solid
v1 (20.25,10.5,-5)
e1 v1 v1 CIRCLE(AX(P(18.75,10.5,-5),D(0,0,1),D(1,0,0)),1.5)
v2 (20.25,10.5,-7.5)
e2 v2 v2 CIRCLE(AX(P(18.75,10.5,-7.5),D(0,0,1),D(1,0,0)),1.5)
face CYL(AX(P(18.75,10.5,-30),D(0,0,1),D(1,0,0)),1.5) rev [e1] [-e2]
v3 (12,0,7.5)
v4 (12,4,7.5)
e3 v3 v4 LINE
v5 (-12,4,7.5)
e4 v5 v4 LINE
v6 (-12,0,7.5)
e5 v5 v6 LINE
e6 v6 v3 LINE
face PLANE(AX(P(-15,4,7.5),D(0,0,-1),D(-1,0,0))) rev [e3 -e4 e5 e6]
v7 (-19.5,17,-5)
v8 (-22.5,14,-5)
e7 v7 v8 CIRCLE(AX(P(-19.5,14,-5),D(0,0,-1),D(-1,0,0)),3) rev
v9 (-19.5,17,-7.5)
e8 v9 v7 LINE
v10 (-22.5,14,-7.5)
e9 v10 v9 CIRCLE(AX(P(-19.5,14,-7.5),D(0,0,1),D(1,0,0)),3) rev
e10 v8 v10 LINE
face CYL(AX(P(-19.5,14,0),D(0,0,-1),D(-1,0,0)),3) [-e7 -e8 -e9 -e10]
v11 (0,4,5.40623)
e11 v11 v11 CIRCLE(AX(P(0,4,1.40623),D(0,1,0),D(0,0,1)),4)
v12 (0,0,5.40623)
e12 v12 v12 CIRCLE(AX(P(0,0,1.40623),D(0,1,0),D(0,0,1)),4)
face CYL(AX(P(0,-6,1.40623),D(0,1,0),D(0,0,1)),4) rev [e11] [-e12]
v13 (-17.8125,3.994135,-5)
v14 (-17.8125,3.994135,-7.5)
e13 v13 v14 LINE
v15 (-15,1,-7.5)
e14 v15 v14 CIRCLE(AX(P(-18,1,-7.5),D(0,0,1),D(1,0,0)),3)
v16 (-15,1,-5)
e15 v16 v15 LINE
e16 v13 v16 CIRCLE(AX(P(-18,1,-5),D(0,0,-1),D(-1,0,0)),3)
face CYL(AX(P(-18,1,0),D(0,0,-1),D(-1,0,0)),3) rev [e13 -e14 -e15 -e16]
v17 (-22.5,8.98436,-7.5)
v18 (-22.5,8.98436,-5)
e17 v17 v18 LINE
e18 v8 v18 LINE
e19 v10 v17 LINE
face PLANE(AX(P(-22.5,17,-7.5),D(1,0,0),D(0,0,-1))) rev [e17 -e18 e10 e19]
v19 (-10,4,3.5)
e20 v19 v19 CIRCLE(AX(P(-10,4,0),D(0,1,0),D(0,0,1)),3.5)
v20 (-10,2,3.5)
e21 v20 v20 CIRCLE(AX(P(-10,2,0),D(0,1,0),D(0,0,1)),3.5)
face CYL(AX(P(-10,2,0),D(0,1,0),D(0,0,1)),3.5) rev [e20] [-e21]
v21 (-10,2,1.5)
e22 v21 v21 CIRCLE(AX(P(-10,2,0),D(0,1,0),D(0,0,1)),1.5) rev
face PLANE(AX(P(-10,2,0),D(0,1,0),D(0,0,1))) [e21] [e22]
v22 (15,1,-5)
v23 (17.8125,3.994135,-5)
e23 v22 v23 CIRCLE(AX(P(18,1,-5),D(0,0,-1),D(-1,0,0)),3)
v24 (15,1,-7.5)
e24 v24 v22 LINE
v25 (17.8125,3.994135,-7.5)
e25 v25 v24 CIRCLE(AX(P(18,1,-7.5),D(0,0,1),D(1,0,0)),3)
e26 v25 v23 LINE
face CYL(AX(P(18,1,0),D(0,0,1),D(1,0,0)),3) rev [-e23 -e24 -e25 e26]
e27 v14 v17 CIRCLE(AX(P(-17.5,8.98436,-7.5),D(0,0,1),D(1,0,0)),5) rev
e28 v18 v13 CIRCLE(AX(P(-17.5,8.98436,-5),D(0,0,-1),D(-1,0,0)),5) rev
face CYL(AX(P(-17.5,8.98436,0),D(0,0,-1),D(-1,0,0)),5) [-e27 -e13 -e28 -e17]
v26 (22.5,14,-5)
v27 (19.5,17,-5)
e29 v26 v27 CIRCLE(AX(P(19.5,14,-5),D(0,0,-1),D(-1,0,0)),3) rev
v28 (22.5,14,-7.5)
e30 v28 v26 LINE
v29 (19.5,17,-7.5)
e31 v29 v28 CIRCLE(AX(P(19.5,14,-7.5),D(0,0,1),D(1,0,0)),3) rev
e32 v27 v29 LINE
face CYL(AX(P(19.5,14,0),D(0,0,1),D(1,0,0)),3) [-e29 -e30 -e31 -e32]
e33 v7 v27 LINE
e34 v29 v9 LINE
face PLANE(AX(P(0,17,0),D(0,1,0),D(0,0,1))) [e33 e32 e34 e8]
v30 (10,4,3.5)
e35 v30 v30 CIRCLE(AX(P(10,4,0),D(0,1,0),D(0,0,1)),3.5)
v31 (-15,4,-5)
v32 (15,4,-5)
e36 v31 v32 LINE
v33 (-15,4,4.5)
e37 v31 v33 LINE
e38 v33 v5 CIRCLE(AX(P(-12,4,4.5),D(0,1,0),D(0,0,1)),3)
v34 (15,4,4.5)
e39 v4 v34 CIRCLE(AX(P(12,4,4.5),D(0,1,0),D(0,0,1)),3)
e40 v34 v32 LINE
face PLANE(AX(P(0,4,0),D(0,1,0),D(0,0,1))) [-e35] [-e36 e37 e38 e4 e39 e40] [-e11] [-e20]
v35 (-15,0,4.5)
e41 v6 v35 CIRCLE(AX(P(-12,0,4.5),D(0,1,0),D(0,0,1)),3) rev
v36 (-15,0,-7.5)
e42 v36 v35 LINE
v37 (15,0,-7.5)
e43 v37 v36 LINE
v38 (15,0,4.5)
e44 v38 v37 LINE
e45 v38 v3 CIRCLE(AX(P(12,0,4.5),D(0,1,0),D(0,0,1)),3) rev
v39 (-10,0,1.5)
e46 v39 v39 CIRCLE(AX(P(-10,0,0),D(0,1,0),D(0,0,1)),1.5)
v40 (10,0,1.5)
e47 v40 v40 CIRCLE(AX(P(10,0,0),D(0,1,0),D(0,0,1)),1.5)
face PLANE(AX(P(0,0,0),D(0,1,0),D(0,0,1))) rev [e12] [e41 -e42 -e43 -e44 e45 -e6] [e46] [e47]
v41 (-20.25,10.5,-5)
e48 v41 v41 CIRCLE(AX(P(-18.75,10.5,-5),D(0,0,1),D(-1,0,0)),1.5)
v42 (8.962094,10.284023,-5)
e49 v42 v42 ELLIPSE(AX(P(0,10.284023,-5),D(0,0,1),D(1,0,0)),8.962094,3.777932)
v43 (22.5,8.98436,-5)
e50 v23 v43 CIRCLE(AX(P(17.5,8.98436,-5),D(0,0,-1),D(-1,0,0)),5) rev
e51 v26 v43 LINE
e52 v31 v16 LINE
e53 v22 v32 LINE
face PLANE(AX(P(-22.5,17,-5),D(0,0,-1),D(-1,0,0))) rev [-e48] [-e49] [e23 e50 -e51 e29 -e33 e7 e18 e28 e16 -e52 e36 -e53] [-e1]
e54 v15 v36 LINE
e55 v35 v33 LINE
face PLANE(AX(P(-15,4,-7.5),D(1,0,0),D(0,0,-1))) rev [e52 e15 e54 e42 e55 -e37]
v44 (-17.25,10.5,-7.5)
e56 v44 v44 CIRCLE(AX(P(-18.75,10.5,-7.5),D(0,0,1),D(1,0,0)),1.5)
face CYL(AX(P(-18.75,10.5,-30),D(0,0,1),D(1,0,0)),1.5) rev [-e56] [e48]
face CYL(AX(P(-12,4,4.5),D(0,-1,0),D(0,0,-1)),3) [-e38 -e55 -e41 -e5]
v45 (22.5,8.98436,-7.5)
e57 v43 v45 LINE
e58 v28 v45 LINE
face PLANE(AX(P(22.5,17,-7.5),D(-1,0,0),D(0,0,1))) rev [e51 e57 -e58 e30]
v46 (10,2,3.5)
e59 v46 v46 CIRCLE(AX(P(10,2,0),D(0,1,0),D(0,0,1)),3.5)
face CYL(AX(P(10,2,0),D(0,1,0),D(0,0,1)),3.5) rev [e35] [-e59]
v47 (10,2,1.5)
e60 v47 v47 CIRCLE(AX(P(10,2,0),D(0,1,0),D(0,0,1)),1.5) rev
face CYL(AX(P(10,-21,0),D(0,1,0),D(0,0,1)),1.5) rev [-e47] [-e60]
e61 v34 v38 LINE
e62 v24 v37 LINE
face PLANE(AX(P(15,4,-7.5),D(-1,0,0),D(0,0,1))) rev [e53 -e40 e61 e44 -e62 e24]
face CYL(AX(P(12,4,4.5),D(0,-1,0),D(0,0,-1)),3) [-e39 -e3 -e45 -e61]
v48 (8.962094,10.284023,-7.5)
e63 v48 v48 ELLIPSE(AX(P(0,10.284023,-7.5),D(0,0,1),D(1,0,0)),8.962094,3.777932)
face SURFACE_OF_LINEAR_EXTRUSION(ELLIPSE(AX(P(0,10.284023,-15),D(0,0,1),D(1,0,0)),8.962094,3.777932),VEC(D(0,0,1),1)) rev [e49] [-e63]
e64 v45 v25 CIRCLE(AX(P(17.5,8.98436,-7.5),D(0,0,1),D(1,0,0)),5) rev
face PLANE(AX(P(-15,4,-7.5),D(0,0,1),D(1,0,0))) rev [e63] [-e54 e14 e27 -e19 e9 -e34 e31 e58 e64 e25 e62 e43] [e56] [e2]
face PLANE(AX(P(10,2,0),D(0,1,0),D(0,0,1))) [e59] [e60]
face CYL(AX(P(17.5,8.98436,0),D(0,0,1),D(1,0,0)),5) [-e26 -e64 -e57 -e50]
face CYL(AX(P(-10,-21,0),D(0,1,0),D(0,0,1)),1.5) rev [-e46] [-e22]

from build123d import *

# Parameters (mm, degrees)
SKETCH_1_W          = 30
SKETCH_1_H          = 15
EXTRUDE_1_DEPTH     = 4
SKETCH_2_W          = 45
SKETCH_2_H          = 2.5
EXTRUDE_2_DEPTH     = 13
SKETCH_3_R          = 1.5
CUT_EXTRUDE_1_DEPTH = 25
FILLET_1_R          = 3
SKETCH_4_R          = 1.5
CUT_EXTRUDE_2_DEPTH = 25
SKETCH_5_R          = 3.5
CUT_EXTRUDE_3_DEPTH = 2
FILLET_2_R          = 5
SKETCH_6_RX         = 8.962094073
SKETCH_6_RY         = 3.777931928
CUT_EXTRUDE_4_DEPTH = 10
SKETCH_7_R          = 4
CUT_EXTRUDE_5_DEPTH = 10


with BuildPart() as part:
    # 草图1 → 凸台-拉伸1 (new body)
    with BuildSketch(Plane(origin=(0, 0, 0), x_dir=(1, 0, 0), z_dir=(0, 1, 0))):
        Rectangle(SKETCH_1_W, SKETCH_1_H)
    extrude(amount=EXTRUDE_1_DEPTH)

    # 草图2 → 凸台-拉伸2 (add)
    with BuildSketch(Plane(origin=(0, 4, 0), x_dir=(1, 0, 0), z_dir=(0, 1, 0))):
        with Locations((0, 6.25)):
            Rectangle(SKETCH_2_W, SKETCH_2_H)
    extrude(amount=EXTRUDE_2_DEPTH)

    # 草图3 → 切除-拉伸1 (cut)
    with BuildSketch(Plane.XY.offset(-5)):
        with Locations((18.75, 10.5)):
            Circle(SKETCH_3_R)
        with Locations((-18.75, 10.5)):
            Circle(SKETCH_3_R)
    extrude(amount=-CUT_EXTRUDE_1_DEPTH, mode=Mode.SUBTRACT)

    # 圆角1
    fillet_1_edges = [part.edges().sort_by_distance(p)[0] for p in [
        (-15, 2, 7.5),
        (15, 2, 7.5),
        (15, 4, -6.25),
        (-15, 4, -6.25),
        (-22.5, 17, -6.25),
        (22.5, 17, -6.25),
    ]]
    fillet(fillet_1_edges, radius=FILLET_1_R)

    # 草图4 → 切除-拉伸2 (cut)
    with BuildSketch(Plane(origin=(0, 4, 0), x_dir=(1, 0, 0), z_dir=(0, 1, 0))):
        with Locations(Location((10, 0, 0), (0, 0, 270))):
            Circle(SKETCH_4_R)
        with Locations(Location((-10, 0, 0), (0, 0, 270))):
            Circle(SKETCH_4_R)
    extrude(amount=-CUT_EXTRUDE_2_DEPTH, mode=Mode.SUBTRACT)

    # 草图5 → 切除-拉伸3 (cut)
    with BuildSketch(Plane(origin=(0, 4, 0), x_dir=(1, 0, 0), z_dir=(0, 1, 0))):
        with Locations(Location((10, 0, 0), (0, 0, 270))):
            Circle(SKETCH_5_R)
        with Locations(Location((-10, 0, 0), (0, 0, 270))):
            Circle(SKETCH_5_R)
    extrude(amount=-CUT_EXTRUDE_3_DEPTH, mode=Mode.SUBTRACT)

    # 圆角2
    fillet_2_edges = [part.edges().sort_by_distance(p)[0] for p in [
        (-22.5, 4, -6.25),
        (22.5, 4, -6.25),
    ]]
    fillet(fillet_2_edges, radius=FILLET_2_R)

    # 草图6 → 切除-拉伸4 (cut)
    with BuildSketch(Plane.XY.offset(-5)):
        with Locations((0, 10.28402341)):
            Ellipse(SKETCH_6_RX, SKETCH_6_RY)
    extrude(amount=-CUT_EXTRUDE_4_DEPTH, mode=Mode.SUBTRACT)

    # 草图7 → 切除-拉伸5 (cut)
    with BuildSketch(Plane(origin=(0, 4, 0), x_dir=(1, 0, 0), z_dir=(0, 1, 0))):
        with Locations(Location((0, -1.406230218, 0), (0, 0, 270))):
            Circle(SKETCH_7_R)
    extrude(amount=-CUT_EXTRUDE_5_DEPTH, mode=Mode.SUBTRACT)


solid = part.part
